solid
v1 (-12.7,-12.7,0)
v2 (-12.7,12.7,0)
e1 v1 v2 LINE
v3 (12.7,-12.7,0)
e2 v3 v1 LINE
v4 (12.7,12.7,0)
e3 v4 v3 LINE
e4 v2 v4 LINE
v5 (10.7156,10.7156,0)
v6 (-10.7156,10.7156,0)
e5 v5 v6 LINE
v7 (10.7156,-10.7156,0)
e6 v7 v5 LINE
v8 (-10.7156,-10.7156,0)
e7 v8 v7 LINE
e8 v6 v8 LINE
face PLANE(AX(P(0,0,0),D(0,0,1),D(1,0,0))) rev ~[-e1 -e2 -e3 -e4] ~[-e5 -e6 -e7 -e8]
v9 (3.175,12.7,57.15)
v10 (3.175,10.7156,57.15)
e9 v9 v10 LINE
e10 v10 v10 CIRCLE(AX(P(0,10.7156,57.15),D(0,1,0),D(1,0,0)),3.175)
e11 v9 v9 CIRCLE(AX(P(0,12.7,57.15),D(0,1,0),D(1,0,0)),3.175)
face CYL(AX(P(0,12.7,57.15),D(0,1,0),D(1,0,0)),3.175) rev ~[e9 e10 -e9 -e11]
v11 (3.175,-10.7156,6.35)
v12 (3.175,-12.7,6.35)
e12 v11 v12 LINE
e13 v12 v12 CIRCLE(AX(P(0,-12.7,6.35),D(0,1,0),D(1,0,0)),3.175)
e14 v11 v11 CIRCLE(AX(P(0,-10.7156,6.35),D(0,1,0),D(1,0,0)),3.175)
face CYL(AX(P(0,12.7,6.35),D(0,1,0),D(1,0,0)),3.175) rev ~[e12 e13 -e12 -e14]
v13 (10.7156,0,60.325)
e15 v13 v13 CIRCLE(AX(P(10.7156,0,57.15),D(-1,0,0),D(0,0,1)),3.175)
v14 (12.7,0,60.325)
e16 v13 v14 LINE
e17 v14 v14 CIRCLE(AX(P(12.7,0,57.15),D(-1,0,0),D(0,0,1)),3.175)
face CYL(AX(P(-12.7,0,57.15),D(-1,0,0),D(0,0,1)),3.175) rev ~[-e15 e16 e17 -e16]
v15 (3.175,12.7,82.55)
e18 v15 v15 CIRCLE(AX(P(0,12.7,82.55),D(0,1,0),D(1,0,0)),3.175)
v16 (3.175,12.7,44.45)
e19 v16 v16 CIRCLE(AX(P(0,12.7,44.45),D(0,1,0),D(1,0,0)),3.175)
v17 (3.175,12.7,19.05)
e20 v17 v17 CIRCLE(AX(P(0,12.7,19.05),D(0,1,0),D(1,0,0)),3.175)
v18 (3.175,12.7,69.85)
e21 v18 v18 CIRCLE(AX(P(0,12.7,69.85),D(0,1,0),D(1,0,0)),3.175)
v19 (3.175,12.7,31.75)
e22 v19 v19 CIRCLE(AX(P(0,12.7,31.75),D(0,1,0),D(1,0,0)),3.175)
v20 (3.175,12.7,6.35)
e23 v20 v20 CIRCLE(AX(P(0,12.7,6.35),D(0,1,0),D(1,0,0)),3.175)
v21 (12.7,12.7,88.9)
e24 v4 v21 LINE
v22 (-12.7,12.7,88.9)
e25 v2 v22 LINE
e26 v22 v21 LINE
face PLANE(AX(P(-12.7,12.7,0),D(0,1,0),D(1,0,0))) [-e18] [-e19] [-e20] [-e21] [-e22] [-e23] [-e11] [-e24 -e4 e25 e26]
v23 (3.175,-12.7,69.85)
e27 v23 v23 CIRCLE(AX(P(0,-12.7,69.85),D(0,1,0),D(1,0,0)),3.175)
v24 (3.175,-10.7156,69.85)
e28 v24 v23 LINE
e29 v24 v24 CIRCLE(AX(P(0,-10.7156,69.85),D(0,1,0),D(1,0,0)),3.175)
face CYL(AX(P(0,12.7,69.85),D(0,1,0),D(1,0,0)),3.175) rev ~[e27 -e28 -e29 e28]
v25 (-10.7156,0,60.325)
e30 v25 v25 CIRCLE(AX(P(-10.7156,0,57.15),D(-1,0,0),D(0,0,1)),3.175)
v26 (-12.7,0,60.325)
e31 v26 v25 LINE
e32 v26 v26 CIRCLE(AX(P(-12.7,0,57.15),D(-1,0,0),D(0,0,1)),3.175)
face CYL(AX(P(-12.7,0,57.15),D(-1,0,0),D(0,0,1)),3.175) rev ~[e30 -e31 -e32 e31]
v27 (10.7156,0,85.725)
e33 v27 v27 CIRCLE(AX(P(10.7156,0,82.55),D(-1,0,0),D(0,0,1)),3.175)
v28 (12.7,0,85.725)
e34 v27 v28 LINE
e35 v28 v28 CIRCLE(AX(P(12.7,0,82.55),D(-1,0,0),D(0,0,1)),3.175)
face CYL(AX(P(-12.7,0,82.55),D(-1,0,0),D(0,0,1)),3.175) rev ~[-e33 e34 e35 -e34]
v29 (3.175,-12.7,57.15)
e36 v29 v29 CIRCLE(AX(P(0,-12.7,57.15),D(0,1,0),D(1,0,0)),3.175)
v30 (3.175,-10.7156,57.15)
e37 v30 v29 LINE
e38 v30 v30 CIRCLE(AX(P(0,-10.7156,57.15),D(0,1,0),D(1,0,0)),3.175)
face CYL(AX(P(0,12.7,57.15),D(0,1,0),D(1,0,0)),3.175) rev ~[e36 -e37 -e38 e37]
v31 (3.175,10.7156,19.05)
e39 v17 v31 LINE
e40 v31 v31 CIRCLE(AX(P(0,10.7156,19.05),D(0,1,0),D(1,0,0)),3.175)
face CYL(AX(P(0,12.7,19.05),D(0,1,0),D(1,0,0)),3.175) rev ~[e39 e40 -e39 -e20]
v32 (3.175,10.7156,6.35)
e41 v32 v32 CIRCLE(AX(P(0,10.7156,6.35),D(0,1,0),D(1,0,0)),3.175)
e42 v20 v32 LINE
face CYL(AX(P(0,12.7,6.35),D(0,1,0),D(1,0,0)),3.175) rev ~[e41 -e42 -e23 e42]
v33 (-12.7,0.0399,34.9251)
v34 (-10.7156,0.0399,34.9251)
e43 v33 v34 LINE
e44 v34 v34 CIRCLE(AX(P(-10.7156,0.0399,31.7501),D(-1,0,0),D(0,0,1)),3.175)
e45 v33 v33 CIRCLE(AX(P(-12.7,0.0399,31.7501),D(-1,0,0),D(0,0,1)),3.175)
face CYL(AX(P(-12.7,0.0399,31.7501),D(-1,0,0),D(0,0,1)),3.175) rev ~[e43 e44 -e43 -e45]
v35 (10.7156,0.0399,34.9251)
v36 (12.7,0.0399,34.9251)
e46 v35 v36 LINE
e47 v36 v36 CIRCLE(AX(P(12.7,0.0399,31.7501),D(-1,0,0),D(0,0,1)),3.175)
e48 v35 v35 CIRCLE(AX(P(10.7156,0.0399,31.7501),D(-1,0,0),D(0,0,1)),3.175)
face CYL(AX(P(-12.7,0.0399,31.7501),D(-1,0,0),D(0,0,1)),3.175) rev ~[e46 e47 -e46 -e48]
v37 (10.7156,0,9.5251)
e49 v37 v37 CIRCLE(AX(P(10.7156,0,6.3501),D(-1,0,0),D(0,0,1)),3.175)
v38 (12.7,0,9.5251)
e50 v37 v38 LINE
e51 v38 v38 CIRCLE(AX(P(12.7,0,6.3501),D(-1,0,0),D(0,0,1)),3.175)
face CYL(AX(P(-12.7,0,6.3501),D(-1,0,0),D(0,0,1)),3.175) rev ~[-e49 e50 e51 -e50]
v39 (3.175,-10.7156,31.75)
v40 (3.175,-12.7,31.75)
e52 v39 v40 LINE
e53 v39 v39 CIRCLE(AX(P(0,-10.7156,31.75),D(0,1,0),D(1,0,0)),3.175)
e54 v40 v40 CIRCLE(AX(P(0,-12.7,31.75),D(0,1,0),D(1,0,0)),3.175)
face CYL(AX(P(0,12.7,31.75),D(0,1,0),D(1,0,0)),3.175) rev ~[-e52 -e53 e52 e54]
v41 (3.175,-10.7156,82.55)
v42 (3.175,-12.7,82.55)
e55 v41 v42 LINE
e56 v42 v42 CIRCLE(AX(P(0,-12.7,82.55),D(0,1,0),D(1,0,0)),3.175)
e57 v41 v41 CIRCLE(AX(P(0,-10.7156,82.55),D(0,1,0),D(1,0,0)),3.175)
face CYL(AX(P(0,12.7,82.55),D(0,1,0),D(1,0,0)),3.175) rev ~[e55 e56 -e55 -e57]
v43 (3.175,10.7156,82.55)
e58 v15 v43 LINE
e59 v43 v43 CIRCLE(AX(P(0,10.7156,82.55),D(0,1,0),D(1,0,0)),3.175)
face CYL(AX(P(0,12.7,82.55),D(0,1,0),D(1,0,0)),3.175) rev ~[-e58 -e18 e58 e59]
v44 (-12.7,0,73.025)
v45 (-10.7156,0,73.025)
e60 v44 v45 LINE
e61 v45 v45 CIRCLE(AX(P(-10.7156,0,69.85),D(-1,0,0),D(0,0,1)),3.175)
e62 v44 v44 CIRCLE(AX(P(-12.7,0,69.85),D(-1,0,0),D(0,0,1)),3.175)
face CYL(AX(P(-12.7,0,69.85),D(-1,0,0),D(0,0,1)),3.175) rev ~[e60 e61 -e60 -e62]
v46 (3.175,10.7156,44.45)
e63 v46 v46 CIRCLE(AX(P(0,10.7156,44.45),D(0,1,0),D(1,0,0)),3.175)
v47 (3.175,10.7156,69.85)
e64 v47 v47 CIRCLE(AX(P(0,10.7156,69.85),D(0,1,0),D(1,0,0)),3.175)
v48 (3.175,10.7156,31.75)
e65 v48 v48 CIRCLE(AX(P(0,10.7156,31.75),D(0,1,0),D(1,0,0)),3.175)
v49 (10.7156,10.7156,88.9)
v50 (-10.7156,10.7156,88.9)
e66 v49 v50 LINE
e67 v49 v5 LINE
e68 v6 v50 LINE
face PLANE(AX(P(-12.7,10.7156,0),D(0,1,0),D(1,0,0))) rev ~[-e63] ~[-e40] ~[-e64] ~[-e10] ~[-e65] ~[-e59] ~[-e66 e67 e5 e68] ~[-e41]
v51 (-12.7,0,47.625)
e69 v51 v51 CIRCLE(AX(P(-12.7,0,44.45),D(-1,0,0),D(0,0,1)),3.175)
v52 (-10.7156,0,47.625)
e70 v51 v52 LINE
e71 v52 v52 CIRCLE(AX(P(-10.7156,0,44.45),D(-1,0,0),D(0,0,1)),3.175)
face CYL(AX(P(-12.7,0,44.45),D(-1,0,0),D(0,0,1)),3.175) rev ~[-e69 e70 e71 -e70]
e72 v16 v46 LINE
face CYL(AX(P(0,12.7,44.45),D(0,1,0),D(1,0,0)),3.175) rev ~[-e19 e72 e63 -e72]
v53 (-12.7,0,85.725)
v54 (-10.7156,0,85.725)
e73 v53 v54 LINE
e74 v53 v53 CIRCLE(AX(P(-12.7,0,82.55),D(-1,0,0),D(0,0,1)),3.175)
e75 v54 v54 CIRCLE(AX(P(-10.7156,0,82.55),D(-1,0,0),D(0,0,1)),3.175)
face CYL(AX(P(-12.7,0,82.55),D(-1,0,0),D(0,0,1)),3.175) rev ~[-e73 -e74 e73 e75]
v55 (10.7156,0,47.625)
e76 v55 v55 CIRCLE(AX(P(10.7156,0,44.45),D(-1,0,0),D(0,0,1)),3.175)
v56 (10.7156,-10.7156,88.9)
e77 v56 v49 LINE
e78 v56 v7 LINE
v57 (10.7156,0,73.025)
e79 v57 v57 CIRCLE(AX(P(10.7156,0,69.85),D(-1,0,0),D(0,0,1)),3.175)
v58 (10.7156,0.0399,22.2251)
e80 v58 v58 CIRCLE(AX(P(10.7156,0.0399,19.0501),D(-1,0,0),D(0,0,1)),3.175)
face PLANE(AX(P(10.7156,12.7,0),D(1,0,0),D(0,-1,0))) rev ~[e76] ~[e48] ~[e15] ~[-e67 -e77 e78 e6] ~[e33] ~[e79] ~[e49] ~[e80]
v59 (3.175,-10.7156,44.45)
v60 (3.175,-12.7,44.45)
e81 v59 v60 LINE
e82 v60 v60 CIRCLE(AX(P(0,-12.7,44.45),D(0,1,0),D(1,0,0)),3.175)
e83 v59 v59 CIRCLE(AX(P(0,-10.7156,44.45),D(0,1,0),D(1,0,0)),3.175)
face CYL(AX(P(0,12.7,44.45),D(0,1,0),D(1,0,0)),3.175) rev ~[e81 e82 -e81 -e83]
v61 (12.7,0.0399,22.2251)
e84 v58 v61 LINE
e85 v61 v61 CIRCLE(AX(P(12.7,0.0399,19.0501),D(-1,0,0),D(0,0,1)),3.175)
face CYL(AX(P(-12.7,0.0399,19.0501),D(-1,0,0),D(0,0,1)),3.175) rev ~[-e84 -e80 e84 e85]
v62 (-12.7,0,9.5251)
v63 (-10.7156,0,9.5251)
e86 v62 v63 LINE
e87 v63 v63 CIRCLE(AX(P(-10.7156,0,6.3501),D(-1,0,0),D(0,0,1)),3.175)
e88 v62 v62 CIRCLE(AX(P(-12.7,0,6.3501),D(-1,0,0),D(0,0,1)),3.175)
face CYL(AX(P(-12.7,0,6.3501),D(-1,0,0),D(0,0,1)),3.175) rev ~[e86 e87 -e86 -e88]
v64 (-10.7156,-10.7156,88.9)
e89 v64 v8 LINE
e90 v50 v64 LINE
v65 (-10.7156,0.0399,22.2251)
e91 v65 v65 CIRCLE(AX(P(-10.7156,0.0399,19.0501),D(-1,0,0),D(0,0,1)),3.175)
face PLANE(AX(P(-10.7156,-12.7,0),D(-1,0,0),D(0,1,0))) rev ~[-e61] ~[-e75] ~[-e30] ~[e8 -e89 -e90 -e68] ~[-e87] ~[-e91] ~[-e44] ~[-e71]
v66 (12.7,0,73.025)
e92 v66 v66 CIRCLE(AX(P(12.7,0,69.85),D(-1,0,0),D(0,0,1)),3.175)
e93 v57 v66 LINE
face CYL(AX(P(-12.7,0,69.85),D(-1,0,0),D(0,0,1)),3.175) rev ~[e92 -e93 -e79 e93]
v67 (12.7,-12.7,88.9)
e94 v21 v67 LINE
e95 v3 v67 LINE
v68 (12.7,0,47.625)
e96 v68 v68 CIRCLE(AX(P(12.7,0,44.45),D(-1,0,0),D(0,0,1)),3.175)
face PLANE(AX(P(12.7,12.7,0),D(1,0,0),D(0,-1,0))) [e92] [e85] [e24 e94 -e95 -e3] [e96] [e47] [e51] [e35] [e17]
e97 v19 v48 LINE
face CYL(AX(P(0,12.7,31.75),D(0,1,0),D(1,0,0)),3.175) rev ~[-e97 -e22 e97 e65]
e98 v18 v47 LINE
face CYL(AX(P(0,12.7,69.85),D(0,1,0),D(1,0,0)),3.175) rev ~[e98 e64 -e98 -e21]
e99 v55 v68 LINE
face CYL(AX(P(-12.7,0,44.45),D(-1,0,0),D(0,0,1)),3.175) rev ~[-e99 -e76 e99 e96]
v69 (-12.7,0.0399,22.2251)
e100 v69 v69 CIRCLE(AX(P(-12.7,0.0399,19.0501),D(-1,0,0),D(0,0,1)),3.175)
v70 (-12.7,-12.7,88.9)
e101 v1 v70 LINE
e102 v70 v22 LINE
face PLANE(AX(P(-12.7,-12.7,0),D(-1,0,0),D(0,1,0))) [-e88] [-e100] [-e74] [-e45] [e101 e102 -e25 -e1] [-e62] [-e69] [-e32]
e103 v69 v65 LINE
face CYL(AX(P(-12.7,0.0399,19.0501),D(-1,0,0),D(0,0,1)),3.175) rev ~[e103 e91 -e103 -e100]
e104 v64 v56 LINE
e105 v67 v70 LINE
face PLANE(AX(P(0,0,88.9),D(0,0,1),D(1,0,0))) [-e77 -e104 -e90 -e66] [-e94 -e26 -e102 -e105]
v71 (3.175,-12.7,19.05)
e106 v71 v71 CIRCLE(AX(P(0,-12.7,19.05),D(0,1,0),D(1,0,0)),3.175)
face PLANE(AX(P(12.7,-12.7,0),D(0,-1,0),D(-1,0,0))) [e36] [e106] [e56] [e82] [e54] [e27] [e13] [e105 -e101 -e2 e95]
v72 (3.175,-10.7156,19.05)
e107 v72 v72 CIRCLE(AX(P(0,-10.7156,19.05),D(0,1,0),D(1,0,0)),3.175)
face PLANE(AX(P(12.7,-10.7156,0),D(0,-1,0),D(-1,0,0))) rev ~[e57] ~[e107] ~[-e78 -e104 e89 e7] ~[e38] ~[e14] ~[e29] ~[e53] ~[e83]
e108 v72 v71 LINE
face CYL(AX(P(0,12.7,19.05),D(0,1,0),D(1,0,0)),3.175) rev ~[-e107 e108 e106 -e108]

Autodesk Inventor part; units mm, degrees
ref_plane "YZ Plane" through (0, 0, 0) normal (1, 0, 0) x (0, 1, 0)
ref_plane "XZ Plane" through (0, 0, 0) normal (0, 1, 0) x (-1, 0, 0)
ref_plane "XY Plane" through (0, 0, 0) normal (0, 0, 1) x (1, 0, 0)
sketch "Sketch1" plane through (0, 0, 0) normal (0, 0, 1) x (1, 0, 0)
  line L0 (-12.7, 12.7) -> (12.7, 12.7)
  line L1 (12.7, 12.7) -> (12.7, -12.7)
  line L2 (12.7, -12.7) -> (-12.7, -12.7)
  line L3 (-12.7, -12.7) -> (-12.7, 12.7)
  line L4 (-12.7, 12.7) -> (12.7, -12.7) construction
  line L5 (12.7, 12.7) -> (-12.7, -12.7) construction
  point P0 (0, 0)
  dimension "d0" = 25.4
  dimension "d1" = 25.4
extrude "Extrusion1" add sketch "Sketch1" along normal blind 88.9
shell "Shell1" thickness 1.9844 removed faces 2 at (4.2333, -4.2333, 0) at (4.2333, -4.2333, 88.9)
sketch "Sketch2" plane through (-12.7, -12.7, 0) normal (-1, 0, 0) x (0, 0, 1)
  circle A0 centre (19.0501, 12.7399) radius 3.175
  circle A1 centre (31.7501, 12.7399) radius 3.175
  line L0 (0, 12.7) -> (88.9, 12.7) construction
  circle A2 centre (44.45, 12.7) radius 3.175
  circle A3 centre (57.15, 12.7) radius 3.175
  circle A4 centre (69.85, 12.7) radius 3.175
  circle A5 centre (82.55, 12.7) radius 3.175
  line L1 (0, 25.4) -> (88.9, 25.4) construction
  line L2 (44.45, 25.4) -> (44.45, 0) construction
  circle A6 centre (6.3501, 12.7) radius 3.175
  dimension "d5" = 6.35
  dimension "d6" = 6.35
  dimension "d7" = 6.35
  dimension "d8" = 6.35
  dimension "d9" = 6.35
  dimension "d10" = 6.35
  dimension "d11" = 12.7
  dimension "d12" = 12.7
  dimension "d13" = 12.7
  dimension "d14" = 12.7
  dimension "d15" = 12.7
  dimension "d16" = 6.35
  dimension "d17" = 12.7
extrude "Extrusion2" cut sketch "Sketch2" against normal blind 88.9
sketch "Sketch3" plane through (-12.7, 12.7, 0) normal (0, 1, 0) x (1, 0, 0)
  line L0 (23.4156, -47.625) -> (25.4, -47.625) construction
  circle A0 centre (12.7, -44.45) radius 3.175
  circle A1 centre (12.7, -31.75) radius 3.175
  circle A2 centre (12.7, -19.05) radius 3.175
  circle A3 centre (12.7, -6.35) radius 3.175
  line L1 (12.7, 0) -> (12.7, -88.9) construction
  line L2 (0, -88.9) -> (25.4, -88.9) construction
  line L3 (25.4, -44.45) -> (0, -44.45) construction
  line L4 (0, -47.625) -> (0, -41.275) construction
  circle A4 centre (12.7, -57.15) radius 3.175
  circle A5 centre (12.7, -69.85) radius 3.175
  circle A6 centre (12.7, -82.55) radius 3.175
  line L5 (12.7, -88.9) -> (12.7, 0) construction
  dimension "d20" = 6.35
  dimension "d21" = 6.35
  dimension "d22" = 6.35
  dimension "d23" = 6.35
  dimension "d25" = 12.7
  dimension "d26" = 12.7
  dimension "d27" = 12.7
extrude "Extrusion3" cut sketch "Sketch3" against normal blind 88.9
equation "\"d6\" = d5"
equation "\"d7\" = d5"
equation "\"d8\" = d5"
equation "\"d9\" = d5"
equation "\"d10\" = d5"
equation "\"d12\" = d11"
equation "\"d13\" = d11"
equation "\"d14\" = d11"
equation "\"d15\" = d11"
equation "\"d16\" = d5"
equation "\"d17\" = d11"
equation "\"d21\" = d20"
equation "\"d22\" = d20"
equation "\"d23\" = d20"
equation "\"d26\" = d25"
equation "\"d27\" = d25"
properties part number "SquareTube"
